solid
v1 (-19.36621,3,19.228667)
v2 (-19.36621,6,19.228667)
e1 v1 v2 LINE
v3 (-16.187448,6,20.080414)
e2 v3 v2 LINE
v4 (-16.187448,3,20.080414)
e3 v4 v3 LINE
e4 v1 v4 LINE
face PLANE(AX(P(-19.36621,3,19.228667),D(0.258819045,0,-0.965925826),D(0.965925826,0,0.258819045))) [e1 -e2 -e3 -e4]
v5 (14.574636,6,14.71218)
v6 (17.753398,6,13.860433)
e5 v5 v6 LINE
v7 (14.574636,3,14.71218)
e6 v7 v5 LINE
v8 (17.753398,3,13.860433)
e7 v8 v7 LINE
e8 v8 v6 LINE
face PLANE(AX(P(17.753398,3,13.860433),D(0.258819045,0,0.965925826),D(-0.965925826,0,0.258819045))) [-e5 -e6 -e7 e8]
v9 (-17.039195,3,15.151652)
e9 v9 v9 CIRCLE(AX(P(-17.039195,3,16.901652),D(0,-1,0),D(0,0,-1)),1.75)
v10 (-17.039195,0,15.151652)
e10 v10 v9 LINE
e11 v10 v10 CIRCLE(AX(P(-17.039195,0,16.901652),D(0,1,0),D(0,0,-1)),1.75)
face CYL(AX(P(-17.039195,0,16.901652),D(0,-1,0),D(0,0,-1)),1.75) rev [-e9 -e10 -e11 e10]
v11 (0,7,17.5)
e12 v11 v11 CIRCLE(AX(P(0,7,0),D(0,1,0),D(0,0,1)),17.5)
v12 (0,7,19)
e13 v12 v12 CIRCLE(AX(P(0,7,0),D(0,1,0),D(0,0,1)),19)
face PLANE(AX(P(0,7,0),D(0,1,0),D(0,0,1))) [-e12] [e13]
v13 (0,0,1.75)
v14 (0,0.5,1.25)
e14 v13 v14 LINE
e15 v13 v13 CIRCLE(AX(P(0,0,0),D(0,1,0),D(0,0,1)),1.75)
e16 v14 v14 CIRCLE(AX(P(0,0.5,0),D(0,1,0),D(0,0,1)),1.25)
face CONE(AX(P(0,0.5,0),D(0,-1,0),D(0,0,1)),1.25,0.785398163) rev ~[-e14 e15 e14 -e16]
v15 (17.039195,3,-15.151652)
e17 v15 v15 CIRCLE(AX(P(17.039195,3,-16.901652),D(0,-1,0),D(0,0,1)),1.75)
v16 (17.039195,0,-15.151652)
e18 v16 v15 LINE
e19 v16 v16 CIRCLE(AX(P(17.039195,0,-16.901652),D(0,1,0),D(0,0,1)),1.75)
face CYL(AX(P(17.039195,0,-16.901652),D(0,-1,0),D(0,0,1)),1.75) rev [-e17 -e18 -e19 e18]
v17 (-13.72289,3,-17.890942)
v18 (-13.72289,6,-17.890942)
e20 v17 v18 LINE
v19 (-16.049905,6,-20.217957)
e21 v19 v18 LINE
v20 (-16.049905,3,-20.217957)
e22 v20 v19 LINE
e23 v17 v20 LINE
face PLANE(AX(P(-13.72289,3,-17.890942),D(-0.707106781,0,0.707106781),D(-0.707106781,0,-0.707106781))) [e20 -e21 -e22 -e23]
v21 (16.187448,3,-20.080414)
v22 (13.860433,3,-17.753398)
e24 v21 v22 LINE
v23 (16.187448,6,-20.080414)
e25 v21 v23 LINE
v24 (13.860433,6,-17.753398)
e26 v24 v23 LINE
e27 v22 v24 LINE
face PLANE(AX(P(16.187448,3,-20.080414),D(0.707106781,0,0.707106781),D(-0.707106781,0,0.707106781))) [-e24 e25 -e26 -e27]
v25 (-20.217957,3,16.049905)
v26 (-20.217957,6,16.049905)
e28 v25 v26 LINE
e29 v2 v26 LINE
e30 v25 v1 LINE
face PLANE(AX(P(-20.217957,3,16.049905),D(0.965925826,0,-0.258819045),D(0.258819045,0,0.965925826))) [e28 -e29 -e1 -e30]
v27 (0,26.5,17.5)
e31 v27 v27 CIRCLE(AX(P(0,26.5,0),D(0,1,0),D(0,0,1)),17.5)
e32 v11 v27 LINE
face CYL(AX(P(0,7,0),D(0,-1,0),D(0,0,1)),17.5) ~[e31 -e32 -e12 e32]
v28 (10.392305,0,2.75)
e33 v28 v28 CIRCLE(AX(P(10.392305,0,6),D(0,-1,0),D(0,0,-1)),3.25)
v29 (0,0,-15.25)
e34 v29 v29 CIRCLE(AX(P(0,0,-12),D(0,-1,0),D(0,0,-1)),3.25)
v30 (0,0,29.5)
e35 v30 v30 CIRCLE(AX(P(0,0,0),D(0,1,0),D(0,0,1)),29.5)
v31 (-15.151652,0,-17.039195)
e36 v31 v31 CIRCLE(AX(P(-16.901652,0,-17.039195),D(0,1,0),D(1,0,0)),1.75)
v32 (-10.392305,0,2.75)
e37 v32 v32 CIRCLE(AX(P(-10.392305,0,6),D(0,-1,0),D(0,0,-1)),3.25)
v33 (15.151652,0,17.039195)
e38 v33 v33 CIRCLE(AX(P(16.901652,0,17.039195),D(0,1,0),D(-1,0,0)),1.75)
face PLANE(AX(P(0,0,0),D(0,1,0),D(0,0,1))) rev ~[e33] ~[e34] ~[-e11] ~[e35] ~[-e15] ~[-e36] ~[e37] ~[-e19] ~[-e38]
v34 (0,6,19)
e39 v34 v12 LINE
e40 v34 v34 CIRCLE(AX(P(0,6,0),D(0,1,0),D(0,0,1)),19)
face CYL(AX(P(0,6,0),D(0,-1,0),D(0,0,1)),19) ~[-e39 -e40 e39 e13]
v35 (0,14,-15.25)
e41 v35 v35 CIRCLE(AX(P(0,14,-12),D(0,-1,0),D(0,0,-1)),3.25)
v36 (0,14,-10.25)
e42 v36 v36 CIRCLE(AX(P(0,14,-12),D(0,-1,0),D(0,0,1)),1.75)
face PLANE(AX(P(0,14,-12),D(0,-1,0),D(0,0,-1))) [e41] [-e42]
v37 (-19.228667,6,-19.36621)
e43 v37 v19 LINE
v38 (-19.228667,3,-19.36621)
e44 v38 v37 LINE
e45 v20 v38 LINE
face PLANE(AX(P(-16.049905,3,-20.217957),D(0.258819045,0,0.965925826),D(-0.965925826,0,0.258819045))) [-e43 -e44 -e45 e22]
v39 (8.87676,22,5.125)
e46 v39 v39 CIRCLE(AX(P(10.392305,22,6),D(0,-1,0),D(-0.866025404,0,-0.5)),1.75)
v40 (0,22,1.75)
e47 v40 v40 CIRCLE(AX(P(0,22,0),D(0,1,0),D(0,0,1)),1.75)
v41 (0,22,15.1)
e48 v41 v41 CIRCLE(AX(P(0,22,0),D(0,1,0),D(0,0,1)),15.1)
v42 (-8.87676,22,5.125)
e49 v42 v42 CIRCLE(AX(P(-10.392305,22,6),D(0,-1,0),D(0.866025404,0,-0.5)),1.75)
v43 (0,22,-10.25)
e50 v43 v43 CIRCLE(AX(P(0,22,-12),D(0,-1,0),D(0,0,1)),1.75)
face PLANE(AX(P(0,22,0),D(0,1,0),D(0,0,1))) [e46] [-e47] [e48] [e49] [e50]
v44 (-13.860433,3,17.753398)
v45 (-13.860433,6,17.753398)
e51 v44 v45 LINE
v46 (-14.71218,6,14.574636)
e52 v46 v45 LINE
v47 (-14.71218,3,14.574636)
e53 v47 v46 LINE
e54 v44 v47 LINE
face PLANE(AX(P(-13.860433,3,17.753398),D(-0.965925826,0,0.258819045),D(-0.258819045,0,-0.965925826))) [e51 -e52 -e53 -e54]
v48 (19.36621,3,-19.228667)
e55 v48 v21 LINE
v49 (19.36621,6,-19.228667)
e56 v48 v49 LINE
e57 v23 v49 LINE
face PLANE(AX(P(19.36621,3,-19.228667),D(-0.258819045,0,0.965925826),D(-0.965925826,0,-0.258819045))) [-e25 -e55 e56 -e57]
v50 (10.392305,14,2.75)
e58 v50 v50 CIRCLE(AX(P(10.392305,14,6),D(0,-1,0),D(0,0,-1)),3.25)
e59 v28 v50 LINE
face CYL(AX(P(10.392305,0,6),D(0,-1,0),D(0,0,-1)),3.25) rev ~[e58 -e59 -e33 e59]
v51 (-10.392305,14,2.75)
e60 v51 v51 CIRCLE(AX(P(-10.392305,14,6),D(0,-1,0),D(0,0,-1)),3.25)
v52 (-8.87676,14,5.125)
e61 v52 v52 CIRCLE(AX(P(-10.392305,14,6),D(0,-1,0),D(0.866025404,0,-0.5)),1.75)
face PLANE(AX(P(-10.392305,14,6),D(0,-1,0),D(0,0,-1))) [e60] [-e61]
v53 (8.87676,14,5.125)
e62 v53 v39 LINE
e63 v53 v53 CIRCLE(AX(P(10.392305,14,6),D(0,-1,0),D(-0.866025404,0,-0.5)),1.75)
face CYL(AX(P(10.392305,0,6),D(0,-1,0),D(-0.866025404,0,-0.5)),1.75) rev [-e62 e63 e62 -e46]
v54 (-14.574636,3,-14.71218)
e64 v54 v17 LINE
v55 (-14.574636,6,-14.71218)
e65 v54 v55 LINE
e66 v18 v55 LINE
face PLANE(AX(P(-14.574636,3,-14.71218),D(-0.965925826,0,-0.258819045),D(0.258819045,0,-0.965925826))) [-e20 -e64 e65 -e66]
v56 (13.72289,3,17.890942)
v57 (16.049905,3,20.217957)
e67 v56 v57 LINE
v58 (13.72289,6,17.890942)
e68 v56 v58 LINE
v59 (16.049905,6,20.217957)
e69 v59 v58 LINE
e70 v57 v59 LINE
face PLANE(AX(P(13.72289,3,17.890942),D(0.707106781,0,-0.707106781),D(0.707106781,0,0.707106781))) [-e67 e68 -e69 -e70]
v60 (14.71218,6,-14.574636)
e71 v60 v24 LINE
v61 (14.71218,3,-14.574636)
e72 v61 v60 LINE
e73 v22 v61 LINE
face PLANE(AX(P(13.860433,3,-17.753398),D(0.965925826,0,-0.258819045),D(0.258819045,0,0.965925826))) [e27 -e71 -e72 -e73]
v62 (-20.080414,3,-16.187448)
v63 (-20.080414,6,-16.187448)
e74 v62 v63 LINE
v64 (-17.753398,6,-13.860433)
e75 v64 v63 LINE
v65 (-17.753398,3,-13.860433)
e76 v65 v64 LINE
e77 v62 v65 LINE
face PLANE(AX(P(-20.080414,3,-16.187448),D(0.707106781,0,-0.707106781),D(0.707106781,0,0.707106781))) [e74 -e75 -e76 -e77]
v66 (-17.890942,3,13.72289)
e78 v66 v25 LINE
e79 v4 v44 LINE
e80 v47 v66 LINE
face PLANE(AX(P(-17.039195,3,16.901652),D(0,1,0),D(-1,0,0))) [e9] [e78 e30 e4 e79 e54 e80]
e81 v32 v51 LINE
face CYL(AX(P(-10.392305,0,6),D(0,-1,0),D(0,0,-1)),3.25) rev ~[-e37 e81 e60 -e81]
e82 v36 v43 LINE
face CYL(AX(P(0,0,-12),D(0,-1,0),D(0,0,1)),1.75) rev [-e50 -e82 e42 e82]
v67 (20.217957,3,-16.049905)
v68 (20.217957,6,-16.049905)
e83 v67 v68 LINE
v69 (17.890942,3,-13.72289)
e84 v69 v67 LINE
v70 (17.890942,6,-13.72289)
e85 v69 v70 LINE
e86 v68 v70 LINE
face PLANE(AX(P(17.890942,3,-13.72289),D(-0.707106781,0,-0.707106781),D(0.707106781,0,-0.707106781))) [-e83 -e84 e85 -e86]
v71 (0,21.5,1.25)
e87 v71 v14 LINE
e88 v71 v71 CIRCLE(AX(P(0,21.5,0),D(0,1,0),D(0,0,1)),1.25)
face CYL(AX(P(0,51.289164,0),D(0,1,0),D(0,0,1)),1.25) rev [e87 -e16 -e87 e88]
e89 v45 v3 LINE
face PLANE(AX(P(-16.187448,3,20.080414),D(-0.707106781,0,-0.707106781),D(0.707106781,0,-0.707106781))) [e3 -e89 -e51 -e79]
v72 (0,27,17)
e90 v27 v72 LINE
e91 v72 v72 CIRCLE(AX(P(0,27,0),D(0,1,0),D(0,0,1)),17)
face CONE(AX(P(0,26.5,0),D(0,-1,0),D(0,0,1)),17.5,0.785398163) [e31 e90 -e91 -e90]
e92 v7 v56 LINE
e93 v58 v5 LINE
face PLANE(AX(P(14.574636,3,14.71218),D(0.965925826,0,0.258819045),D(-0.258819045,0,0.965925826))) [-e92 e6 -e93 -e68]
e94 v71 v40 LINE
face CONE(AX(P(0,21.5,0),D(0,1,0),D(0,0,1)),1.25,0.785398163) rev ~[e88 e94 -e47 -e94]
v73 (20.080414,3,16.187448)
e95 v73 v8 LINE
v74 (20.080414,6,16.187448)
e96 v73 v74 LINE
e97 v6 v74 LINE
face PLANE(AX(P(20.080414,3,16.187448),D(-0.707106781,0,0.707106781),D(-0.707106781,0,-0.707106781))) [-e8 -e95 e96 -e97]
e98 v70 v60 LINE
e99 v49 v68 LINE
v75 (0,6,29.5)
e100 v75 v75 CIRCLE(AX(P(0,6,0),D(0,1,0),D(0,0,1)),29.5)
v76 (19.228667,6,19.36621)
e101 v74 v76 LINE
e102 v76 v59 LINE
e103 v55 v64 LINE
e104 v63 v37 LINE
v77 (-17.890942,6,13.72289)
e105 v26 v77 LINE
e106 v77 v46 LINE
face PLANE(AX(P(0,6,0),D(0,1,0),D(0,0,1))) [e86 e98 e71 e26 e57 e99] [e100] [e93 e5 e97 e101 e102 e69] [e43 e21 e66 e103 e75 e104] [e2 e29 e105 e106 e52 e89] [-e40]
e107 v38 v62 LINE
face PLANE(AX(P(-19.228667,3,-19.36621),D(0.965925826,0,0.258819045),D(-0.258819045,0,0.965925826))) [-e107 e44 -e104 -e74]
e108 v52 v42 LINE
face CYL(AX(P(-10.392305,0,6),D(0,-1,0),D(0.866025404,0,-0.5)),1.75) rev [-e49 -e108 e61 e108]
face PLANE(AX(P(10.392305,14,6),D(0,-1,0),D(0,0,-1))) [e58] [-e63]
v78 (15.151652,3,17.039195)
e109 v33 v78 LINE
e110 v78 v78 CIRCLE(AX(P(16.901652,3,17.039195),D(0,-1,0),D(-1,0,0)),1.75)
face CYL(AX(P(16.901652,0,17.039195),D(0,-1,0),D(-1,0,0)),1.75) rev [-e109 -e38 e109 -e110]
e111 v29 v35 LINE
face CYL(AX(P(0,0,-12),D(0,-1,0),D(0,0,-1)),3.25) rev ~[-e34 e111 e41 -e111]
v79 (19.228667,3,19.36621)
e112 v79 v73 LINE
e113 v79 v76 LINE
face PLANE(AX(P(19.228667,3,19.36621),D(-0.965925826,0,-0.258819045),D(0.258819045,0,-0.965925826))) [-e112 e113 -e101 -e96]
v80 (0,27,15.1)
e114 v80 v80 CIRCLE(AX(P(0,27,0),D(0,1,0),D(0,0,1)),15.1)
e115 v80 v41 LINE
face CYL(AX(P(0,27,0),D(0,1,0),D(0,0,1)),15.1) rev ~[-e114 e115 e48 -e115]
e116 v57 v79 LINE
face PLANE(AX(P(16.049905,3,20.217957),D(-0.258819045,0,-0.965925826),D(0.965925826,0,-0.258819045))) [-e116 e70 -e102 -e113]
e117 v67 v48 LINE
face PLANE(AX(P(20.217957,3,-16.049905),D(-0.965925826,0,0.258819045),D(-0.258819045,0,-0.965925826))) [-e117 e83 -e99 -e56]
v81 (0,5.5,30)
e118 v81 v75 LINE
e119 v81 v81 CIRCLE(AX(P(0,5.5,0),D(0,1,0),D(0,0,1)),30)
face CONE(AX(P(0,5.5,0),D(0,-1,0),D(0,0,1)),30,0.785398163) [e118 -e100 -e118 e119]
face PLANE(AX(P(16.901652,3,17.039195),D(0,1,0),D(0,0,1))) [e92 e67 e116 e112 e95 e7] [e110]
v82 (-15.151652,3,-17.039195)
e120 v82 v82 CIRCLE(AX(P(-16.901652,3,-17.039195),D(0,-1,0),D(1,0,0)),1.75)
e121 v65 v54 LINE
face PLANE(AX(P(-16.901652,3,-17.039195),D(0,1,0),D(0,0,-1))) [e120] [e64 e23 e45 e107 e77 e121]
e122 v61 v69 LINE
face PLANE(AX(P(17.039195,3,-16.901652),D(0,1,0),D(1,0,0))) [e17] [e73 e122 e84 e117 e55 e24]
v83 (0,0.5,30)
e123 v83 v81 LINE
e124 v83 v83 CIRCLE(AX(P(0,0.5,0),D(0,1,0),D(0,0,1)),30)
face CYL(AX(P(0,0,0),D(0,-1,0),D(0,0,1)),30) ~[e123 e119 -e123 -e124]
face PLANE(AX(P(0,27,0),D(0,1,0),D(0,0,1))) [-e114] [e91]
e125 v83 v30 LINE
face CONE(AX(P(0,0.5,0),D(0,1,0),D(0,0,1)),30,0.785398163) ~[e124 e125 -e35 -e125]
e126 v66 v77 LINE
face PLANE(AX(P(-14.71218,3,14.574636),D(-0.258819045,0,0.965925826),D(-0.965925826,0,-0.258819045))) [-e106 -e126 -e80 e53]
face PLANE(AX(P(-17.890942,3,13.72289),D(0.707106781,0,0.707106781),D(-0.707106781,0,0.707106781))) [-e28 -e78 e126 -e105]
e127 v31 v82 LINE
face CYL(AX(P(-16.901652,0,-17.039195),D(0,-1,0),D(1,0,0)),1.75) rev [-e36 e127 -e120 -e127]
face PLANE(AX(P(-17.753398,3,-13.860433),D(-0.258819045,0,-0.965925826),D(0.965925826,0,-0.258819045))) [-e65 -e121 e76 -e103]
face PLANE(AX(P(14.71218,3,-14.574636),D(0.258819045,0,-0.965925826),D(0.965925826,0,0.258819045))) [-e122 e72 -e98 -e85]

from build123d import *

# Parameters (mm, degrees)
SKETCH_1_R               = 30
EXTRUDE_1_DEPTH          = 6
EXTRUDE_START            = 6
SKETCH_3_R               = 19
EXTRUDE_2_DEPTH          = 1
EXTRUDE_START_2          = 7
SKETCH_4_R               = 17.5
EXTRUDE_3_DEPTH          = 20
SKETCH_5_R               = 15.1
CUT_EXTRUDE_1_DEPTH      = 5
SKETCH_6_R               = 1.75
CUT_EXTRUDE_2_DEPTH      = 51.289163843
PATTERN_CIRCULAR_1_COUNT = 3
SKETCH1_R                = 3.25
CUT_EXTRUDE1_DEPTH       = 14
CUT_EXTRUDE_3_DEPTH      = 51.289163843
CUT_EXTRUDE_3_DEPTH_BACK = 51.289163843
SKETCH_7_R               = 1.25
SKETCH_8_R               = 1.75
CUT_EXTRUDE_4_DEPTH      = 51.289163843
CUT_EXTRUDE_START        = 3
CUT_EXTRUDE_5_DEPTH      = 10
PATTERN_CIRCULAR_2_COUNT = 4
CHAMFER2_SIZE            = 0.5
CHAMFER1_SIZE            = 0.5


with BuildPart() as part:
    # Эскиз1 → Бобышка-Вытянуть1 (new body)
    with BuildSketch(Plane(origin=(0, 0, 0), x_dir=(1, 0, 0), z_dir=(0, 1, 0))):
        Circle(SKETCH_1_R)
    extrude(amount=EXTRUDE_1_DEPTH)

    # Эскиз3 → Бобышка-Вытянуть2 (add)
    with BuildSketch(Plane(origin=(0, 0, 0), x_dir=(1, 0, 0), z_dir=(0, 1, 0)).offset(EXTRUDE_START)):
        Circle(SKETCH_3_R)
    extrude(amount=EXTRUDE_2_DEPTH)

    # Эскиз4 → Бобышка-Вытянуть3 (add)
    with BuildSketch(Plane(origin=(0, 0, 0), x_dir=(1, 0, 0), z_dir=(0, 1, 0)).offset(EXTRUDE_START_2)):
        Circle(SKETCH_4_R)
    extrude(amount=EXTRUDE_3_DEPTH)

    # Эскиз5 → Вырез-Вытянуть1 (cut)
    with BuildSketch(Plane(origin=(0, 27, 0), x_dir=(1, 0, 0), z_dir=(0, 1, 0))):
        Circle(SKETCH_5_R)
    extrude(amount=-CUT_EXTRUDE_1_DEPTH, mode=Mode.SUBTRACT)

    # Эскиз6 → Вырез-Вытянуть2 (cut, through all)
    with BuildSketch(Plane(origin=(0, 0, 0), x_dir=(1, 0, 0), z_dir=(0, 1, 0))):
        with Locations((0, 12)):
            Circle(SKETCH_6_R)
    cut_extrude_2 = extrude(amount=CUT_EXTRUDE_2_DEPTH, mode=Mode.SUBTRACT)

    # Круговой массив1: Вырез-Вытянуть2 ×3 about axis
    pattern_circular_1_axis = Axis((0, 27, 0), (0, -1, 0))
    for i in range(1, PATTERN_CIRCULAR_1_COUNT):
        add(cut_extrude_2.rotate(pattern_circular_1_axis, i * 360 / PATTERN_CIRCULAR_1_COUNT), mode=Mode.SUBTRACT)

    # Sketch1 → Cut-Extrude1 (cut)
    with BuildSketch(Plane.XZ):
        with Locations((-10.392304845, 6)):
            Circle(SKETCH1_R)
        with Locations((10.392304845, 6)):
            Circle(SKETCH1_R)
        with Locations((0, -12)):
            Circle(SKETCH1_R)
    extrude(amount=-CUT_EXTRUDE1_DEPTH, mode=Mode.SUBTRACT)

    # Эскиз7 → Вырез-Вытянуть3 (cut, two sides: drawn at the far end of the back side and taken through both)
    with BuildSketch(Plane.XZ.offset(-CUT_EXTRUDE_3_DEPTH_BACK)):
        Circle(SKETCH_7_R)
    extrude(amount=CUT_EXTRUDE_3_DEPTH + CUT_EXTRUDE_3_DEPTH_BACK, mode=Mode.SUBTRACT)

    # Эскиз8 → Вырез-Вытянуть4 (cut, through all)
    with BuildSketch(Plane(origin=(0, 0, 0), x_dir=(1, 0, 0), z_dir=(0, 1, 0))):
        with Locations((17.039195094, 16.901651711)):
            Circle(SKETCH_8_R)
    cut_extrude_4 = extrude(amount=CUT_EXTRUDE_4_DEPTH, mode=Mode.SUBTRACT)

    # Эскиз8<3> → Вырез-Вытянуть5 (cut)
    with BuildSketch(Plane(origin=(0, 0, 0), x_dir=(1, 0, 0), z_dir=(0, 1, 0)).offset(CUT_EXTRUDE_START)):
        Polygon((14.712179838, 14.574636455), (17.890941793, 13.722889756), (20.217957048, 16.049905012), (19.36621035, 19.228666966), (16.187448396, 20.080413665), (13.86043314, 17.753398409), align=None)
    cut_extrude_5 = extrude(amount=CUT_EXTRUDE_5_DEPTH, mode=Mode.SUBTRACT)

    # Круговой массив2: Вырез-Вытянуть4, Вырез-Вытянуть5 ×4 about axis
    pattern_circular_2_axis = Axis((0, 6, 0), (0, -1, 0))
    add([cut_extrude_4.rotate(pattern_circular_2_axis, i * 360 / PATTERN_CIRCULAR_2_COUNT) for i in range(1, PATTERN_CIRCULAR_2_COUNT)], mode=Mode.SUBTRACT)
    add([cut_extrude_5.rotate(pattern_circular_2_axis, i * 360 / PATTERN_CIRCULAR_2_COUNT) for i in range(1, PATTERN_CIRCULAR_2_COUNT)], mode=Mode.SUBTRACT)

    # Chamfer2
    chamfer2_edges = [part.edges().sort_by_distance(p)[0] for p in [
        (-30, 0, 0),
        (-30, 6, 0),
    ]]
    chamfer(chamfer2_edges, length=CHAMFER2_SIZE)

    # Chamfer1
    chamfer1_edges = [part.edges().sort_by_distance(p)[0] for p in [
        (-17.5, 27, 0),
        (-1.25, 0, 0),
        (-1.25, 22, 0),
    ]]
    chamfer(chamfer1_edges, length=CHAMFER1_SIZE)


solid = part.part
